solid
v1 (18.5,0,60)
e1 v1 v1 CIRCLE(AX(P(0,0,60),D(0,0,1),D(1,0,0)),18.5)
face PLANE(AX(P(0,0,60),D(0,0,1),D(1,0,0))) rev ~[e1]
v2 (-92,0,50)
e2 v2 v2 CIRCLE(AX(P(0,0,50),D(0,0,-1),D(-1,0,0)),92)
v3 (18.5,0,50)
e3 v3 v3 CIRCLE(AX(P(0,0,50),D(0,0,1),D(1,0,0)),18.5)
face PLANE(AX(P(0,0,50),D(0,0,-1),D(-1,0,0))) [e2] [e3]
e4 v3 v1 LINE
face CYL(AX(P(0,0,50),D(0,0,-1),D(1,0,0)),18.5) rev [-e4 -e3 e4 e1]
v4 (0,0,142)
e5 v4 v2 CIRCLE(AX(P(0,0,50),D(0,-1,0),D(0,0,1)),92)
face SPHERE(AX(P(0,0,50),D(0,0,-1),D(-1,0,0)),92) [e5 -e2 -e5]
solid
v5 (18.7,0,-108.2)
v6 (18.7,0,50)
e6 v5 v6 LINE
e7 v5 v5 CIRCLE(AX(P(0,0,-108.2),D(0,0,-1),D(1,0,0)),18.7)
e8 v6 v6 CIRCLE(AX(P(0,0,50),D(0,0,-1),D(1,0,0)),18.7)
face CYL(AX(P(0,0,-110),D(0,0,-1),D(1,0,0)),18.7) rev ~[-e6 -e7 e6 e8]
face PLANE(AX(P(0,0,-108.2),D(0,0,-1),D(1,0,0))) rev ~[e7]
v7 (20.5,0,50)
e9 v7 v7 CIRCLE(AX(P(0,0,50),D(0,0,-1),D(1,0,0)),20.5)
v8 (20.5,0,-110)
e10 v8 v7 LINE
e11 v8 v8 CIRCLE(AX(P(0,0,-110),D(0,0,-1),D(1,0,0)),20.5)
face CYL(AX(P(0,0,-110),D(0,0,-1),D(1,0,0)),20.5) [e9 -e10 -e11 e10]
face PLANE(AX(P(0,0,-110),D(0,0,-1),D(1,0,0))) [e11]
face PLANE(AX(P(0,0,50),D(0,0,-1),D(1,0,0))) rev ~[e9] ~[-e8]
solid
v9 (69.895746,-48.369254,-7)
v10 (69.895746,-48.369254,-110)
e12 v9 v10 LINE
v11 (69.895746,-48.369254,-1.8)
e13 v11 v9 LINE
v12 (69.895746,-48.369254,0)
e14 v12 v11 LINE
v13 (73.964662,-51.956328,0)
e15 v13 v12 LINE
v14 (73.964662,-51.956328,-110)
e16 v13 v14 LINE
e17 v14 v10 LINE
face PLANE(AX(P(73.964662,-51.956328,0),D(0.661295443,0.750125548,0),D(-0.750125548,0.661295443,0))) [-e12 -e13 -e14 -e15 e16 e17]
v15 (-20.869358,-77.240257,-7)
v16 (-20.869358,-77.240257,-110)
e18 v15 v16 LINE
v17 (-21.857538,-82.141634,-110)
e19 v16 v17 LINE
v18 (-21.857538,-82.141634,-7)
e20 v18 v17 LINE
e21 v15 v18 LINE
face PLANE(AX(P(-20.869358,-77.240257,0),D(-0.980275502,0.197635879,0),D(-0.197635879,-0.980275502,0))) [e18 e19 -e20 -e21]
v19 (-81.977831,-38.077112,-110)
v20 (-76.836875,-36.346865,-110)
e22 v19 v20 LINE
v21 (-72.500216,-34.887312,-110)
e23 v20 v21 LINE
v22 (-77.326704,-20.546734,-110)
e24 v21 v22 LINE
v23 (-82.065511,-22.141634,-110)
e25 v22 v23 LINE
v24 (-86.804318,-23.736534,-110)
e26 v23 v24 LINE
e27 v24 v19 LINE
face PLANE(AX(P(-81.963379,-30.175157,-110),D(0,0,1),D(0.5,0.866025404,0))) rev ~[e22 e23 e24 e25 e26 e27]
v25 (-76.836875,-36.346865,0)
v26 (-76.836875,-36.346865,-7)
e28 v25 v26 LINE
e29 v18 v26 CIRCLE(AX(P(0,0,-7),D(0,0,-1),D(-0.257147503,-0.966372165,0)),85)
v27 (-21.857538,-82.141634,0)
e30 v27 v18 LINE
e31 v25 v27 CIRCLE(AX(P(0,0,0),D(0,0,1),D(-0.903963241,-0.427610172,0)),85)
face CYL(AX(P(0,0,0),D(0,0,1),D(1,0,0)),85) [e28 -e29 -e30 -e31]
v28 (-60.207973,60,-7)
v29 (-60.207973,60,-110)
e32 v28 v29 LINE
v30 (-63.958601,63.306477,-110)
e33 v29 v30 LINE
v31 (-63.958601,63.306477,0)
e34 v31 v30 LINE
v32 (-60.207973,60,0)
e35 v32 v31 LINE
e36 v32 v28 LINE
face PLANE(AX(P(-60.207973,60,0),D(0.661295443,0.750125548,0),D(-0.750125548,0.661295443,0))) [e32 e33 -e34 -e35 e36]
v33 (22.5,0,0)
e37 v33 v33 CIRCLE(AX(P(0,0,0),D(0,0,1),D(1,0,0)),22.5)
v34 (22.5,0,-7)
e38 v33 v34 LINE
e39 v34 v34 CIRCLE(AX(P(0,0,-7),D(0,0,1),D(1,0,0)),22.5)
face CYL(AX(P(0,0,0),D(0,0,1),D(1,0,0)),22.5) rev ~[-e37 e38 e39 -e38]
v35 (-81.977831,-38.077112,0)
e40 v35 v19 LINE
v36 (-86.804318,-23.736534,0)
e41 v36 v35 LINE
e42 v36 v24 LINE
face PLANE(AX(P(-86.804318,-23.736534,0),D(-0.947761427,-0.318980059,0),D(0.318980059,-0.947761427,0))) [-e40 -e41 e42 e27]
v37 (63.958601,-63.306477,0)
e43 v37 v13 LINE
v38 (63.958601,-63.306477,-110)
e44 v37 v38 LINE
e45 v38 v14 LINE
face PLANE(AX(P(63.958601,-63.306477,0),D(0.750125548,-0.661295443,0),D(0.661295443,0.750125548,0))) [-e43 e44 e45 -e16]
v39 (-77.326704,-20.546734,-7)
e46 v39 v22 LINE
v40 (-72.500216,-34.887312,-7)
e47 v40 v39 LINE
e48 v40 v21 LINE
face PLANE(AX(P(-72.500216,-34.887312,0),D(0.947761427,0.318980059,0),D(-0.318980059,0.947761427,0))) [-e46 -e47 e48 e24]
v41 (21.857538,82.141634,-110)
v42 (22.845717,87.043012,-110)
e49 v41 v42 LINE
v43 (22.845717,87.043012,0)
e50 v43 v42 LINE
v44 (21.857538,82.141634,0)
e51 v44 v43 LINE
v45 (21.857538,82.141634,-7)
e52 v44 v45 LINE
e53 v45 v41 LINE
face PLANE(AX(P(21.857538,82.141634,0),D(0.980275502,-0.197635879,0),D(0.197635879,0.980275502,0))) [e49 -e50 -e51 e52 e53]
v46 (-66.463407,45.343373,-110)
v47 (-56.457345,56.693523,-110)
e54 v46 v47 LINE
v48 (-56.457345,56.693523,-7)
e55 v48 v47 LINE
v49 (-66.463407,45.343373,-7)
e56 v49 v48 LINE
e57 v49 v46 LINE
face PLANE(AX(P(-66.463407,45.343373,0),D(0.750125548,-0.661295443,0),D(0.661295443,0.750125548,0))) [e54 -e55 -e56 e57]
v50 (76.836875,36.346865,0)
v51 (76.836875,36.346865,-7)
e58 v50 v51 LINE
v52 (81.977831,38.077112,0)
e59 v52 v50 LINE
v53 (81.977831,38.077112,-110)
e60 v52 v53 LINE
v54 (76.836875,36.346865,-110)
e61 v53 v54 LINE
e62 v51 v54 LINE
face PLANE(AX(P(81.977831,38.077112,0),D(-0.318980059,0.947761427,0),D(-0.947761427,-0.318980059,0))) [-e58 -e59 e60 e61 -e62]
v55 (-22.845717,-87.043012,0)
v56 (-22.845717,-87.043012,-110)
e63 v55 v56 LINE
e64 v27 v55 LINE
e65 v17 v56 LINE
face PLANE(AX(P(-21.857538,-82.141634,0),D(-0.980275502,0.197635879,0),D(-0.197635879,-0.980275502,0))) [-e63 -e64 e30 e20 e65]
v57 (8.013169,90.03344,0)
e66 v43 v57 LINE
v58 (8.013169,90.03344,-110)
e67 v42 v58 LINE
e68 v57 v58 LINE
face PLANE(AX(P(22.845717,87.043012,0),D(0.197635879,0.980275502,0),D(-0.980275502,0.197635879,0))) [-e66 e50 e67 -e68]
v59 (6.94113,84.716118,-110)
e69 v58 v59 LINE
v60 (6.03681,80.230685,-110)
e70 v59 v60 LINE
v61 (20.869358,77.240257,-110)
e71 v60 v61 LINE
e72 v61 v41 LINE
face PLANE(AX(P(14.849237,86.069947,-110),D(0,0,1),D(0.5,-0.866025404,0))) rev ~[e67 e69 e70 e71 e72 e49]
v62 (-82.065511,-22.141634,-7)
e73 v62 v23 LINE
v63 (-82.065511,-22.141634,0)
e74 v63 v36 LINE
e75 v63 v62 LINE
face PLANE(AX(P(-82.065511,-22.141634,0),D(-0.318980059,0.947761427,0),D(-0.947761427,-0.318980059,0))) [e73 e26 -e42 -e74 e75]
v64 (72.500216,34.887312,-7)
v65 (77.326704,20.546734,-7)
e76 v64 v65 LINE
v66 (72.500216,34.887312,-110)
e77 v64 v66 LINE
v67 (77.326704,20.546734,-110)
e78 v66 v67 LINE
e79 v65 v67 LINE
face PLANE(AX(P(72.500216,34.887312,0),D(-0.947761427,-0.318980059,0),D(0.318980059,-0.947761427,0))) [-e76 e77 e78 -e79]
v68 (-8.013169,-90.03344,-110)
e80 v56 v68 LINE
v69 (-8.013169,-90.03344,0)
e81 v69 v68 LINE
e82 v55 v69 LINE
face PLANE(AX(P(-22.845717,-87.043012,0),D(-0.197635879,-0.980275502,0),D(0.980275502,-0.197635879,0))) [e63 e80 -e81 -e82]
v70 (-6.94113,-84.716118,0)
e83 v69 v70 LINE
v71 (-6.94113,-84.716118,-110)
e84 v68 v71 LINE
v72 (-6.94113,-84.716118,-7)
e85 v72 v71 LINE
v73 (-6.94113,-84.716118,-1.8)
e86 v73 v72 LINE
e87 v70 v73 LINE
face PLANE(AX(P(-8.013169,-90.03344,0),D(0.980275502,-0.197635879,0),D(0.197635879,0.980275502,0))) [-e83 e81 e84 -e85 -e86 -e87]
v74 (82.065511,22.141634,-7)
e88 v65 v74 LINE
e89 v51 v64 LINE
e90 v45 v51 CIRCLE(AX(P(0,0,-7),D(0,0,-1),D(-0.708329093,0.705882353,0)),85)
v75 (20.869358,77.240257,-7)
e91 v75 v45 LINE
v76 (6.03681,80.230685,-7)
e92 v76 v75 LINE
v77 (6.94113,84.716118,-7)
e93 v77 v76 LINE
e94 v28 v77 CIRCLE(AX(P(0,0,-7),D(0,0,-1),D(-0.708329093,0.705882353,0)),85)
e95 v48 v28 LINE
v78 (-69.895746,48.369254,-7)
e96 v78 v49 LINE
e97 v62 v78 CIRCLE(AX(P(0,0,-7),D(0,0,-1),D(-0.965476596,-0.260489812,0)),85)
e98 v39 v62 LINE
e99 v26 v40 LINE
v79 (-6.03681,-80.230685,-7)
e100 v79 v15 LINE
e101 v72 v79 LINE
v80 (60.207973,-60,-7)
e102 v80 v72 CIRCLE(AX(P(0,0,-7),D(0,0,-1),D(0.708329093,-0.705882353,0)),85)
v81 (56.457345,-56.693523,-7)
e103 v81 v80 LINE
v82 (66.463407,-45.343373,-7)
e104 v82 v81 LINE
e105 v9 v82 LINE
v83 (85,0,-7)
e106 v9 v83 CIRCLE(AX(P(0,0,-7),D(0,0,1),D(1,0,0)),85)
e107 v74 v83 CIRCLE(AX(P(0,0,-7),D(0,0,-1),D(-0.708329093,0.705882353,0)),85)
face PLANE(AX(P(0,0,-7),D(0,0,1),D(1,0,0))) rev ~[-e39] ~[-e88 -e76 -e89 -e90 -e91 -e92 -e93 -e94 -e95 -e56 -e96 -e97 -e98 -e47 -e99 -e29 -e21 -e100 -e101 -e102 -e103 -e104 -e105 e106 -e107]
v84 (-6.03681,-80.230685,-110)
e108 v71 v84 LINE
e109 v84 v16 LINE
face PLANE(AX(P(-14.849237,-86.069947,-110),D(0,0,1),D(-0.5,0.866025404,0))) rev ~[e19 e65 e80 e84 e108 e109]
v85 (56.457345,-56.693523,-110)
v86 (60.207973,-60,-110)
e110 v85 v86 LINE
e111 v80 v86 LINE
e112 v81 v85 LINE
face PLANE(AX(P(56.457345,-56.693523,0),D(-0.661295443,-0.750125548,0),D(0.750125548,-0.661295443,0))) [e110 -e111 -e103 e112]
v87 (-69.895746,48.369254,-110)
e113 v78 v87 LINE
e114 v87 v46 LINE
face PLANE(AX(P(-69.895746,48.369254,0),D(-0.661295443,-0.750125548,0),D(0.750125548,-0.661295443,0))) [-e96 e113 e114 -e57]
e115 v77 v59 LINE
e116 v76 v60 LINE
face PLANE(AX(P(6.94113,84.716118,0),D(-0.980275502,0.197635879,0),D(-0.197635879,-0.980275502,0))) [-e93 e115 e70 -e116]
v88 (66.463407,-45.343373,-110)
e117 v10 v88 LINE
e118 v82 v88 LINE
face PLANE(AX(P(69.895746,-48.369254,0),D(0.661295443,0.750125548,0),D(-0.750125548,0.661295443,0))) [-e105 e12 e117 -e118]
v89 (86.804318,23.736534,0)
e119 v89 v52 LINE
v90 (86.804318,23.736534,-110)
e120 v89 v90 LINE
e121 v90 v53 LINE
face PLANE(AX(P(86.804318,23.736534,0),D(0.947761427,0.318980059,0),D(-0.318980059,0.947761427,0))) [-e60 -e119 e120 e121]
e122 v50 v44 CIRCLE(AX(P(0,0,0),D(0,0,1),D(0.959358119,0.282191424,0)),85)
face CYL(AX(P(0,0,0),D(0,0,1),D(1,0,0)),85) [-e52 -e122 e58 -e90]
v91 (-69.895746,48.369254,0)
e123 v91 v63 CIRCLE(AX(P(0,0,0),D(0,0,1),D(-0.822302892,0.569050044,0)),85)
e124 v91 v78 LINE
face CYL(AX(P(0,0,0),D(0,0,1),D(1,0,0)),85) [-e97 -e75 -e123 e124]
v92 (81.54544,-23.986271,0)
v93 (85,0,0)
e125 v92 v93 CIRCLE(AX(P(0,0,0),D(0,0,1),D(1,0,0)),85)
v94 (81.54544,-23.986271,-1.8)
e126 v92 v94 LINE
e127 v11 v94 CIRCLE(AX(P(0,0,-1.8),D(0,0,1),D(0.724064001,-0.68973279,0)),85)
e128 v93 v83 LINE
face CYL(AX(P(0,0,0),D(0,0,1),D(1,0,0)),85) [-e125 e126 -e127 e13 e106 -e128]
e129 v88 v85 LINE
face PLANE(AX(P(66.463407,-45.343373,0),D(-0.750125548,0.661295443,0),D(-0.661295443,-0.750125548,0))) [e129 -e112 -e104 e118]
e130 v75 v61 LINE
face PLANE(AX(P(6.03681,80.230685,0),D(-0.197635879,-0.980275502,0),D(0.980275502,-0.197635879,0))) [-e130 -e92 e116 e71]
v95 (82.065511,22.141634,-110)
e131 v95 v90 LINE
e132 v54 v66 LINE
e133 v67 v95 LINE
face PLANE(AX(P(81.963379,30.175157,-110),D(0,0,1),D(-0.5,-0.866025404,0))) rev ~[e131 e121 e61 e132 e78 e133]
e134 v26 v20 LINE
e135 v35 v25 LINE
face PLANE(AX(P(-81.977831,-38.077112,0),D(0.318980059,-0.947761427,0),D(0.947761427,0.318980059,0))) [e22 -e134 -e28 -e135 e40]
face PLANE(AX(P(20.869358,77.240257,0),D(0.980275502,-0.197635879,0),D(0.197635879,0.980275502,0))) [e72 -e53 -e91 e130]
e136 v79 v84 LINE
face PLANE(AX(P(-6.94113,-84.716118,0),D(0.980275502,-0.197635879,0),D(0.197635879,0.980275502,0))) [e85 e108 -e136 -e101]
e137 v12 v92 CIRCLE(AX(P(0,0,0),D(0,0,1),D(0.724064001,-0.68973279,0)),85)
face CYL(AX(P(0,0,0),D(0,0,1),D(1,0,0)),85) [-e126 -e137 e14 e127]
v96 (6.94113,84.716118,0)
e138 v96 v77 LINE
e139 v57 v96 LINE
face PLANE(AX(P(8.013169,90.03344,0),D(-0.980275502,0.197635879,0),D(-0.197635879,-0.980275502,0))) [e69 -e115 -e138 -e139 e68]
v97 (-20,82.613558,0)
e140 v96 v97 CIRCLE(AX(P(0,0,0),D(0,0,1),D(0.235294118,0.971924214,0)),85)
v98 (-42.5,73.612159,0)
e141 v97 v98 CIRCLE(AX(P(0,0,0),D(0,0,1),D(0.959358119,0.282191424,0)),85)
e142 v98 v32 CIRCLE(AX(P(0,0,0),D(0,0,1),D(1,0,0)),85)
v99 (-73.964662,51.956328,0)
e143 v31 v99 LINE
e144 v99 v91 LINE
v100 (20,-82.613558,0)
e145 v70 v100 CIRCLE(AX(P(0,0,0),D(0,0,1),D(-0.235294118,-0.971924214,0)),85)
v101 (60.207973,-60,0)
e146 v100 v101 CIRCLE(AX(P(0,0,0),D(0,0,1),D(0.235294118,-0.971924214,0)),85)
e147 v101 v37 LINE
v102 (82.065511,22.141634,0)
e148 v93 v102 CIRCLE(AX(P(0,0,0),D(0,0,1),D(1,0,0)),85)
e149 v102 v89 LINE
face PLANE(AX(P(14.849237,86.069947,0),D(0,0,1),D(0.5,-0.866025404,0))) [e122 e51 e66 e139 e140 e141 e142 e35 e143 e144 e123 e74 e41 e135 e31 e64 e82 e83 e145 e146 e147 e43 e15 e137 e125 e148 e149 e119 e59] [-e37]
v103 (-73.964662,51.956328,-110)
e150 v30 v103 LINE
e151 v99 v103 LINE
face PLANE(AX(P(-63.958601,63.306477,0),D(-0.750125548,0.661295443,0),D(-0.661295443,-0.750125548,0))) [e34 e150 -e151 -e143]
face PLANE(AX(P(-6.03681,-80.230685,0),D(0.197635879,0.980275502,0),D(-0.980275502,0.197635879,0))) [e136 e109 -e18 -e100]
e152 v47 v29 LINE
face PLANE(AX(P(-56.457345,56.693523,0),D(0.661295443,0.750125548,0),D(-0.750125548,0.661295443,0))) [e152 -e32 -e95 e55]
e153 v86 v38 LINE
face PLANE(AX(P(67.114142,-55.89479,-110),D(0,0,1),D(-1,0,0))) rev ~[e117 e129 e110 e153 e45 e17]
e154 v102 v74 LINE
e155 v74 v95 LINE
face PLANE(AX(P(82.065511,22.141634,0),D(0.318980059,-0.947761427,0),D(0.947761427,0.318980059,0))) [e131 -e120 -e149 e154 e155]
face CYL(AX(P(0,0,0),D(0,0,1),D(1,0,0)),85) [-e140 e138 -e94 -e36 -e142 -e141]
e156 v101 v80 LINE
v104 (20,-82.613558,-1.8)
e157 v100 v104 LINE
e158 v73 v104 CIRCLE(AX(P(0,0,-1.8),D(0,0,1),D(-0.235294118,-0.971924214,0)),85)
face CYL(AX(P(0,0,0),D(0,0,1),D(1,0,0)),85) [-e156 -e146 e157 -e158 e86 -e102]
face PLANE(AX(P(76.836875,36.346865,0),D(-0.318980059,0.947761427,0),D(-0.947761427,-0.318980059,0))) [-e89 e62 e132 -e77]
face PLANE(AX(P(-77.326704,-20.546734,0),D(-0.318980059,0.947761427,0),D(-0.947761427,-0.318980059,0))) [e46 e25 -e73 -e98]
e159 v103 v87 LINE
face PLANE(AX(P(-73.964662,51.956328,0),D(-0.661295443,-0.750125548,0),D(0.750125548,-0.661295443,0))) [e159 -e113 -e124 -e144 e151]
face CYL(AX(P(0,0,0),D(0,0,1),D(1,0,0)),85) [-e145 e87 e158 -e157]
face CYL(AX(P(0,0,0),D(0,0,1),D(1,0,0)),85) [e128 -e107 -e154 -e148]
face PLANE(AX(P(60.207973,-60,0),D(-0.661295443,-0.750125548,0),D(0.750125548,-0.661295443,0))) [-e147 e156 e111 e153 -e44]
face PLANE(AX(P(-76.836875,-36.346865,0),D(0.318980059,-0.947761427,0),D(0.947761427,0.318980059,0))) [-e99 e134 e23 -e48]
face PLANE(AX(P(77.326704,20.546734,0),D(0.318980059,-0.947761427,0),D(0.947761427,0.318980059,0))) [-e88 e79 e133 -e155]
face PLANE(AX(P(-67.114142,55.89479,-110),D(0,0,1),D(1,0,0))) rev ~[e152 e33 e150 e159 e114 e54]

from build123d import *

# Parameters (mm, degrees)
F1_R      = 85
F2_DEPTH  = 7
F3_DEPTH  = 1.8
F5_DEPTH  = 110
F7_COUNT  = 6
F9_R      = 22.5
F10_DEPTH = 25
F11_R     = 20.5
F12_DEPTH = 160
F16_R     = 18.5
F17_DEPTH = 10
F18_T     = -1.8


with BuildPart() as f2:
    # F1 (on Top) → F2 (new body)
    with BuildSketch(Plane.XY):
        Circle(F1_R)
    extrude(amount=-F2_DEPTH)



with BuildPart() as f3:
    # F0 (on Top) → F3 (new body)
    with BuildSketch(Plane.XY):
        with BuildLine():
            Line((-20, 61.8465843843), (-20, 82.6135582093))
            ThreePointArc((-20, 82.6135582093), (-85, 0), (-20, -82.6135582093))
            Line((-20, -82.6135582093), (-20, -61.8465843843))
            ThreePointArc((-20, -61.8465843843), (-65, 0), (-20, 61.8465843843))
        make_face()
        with BuildLine():
            Line((20, 61.8465843843), (20, 82.6135582093))
            ThreePointArc((20, 82.6135582093), (0, 85), (-20, 82.6135582093))
            Line((-20, 82.6135582093), (-20, 61.8465843843))
            ThreePointArc((-20, 61.8465843843), (0, 65), (20, 61.8465843843))
        make_face()
        with BuildLine():
            ThreePointArc((20, -82.6135582093), (66.8019460794, -52.5594901041), (85, 0))
            ThreePointArc((85, 0), (66.8019460794, 52.5594901041), (20, 82.6135582093))
            Line((20, 82.6135582093), (20, 61.8465843843))
            ThreePointArc((20, 61.8465843843), (52.5594901041, 38.2426463519), (65, 0))
            ThreePointArc((65, 0), (52.5594901041, -38.2426463519), (20, -61.8465843843))
            Line((20, -61.8465843843), (20, -82.6135582093))
        make_face()
        with BuildLine():
            ThreePointArc((-20, -82.6135582093), (0, -85), (20, -82.6135582093))
            Line((20, -82.6135582093), (20, -61.8465843843))
            ThreePointArc((20, -61.8465843843), (0, -65), (-20, -61.8465843843))
            Line((-20, -61.8465843843), (-20, -82.6135582093))
        make_face()
        with BuildLine():
            ThreePointArc((65, 0), (52.5594901041, 38.2426463519), (20, 61.8465843843))
            Line((20, 61.8465843843), (20, -61.8465843843))
            ThreePointArc((20, -61.8465843843), (52.5594901041, -38.2426463519), (65, 0))
        make_face()
        with BuildLine():
            Line((-20, -61.8465843843), (-20, 61.8465843843))
            ThreePointArc((-20, 61.8465843843), (-65, 0), (-20, -61.8465843843))
        make_face()
        with BuildLine():
            Line((20, -61.8465843843), (20, 61.8465843843))
            ThreePointArc((20, 61.8465843843), (0, 65), (-20, 61.8465843843))
            Line((-20, 61.8465843843), (-20, -61.8465843843))
            ThreePointArc((-20, -61.8465843843), (0, -65), (20, -61.8465843843))
        make_face()
    extrude(amount=-F3_DEPTH)


with BuildPart() as f2_1:
    add(f2.part)

    add(f3.part)  # F5 merges F3
    # F4 (on face) → F5 (join)
    with BuildSketch(Plane.XY):
        with BuildLine():
            ThreePointArc((-69.8957458622, 48.369253771), (-65.3112775331, 54.4007079641), (-60.207972894, 60))
            Line((-60.207972894, 60), (-63.9586006318, 63.3064772148))
            Line((-63.9586006318, 63.3064772148), (-73.9646619792, 51.9563275544))
            Line((-73.9646619792, 51.9563275544), (-69.8957458622, 48.369253771))
        make_face()
        with BuildLine():
            Line((-56.4573451561, 56.6935227852), (-60.207972894, 60))
            ThreePointArc((-60.207972894, 60), (-65.3112775331, 54.4007079641), (-69.8957458622, 48.369253771))
            Line((-69.8957458622, 48.369253771), (-66.4634065035, 45.3433731249))
            Line((-66.4634065035, 45.3433731249), (-56.4573451561, 56.6935227852))
        make_face()
    extrude(amount=-F5_DEPTH)

    # F7: F2 ×6 about axis
    f7_axis = Axis((0, 0, 31.9716259837), (0, 0, 1))


with BuildPart() as f2_2:
    add(f2_1.part)
    for i in range(1, F7_COUNT):
        add(f2_1.part.rotate(f7_axis, i * 360 / F7_COUNT))

    # F9 (on face) → F10 (cut)
    with BuildSketch(Plane.XY):
        Circle(F9_R)
    extrude(amount=-F10_DEPTH, mode=Mode.SUBTRACT)


with BuildPart() as f12:
    # F11 (on face) → F12 (new body)
    with BuildSketch(Plane(origin=(0, 0, -110), x_dir=(1, 0, 0), z_dir=(0, 0, -1))):
        Circle(F11_R)
    extrude(amount=-F12_DEPTH)

    # F18
    f18_openings = [f12.faces().sort_by_distance(p)[0] for p in [
        (0, 0, 50),
    ]]
    offset(amount=F18_T, openings=f18_openings)


with BuildPart() as f15:
    # F14 (on Front) → F15 (revolve)
    with BuildSketch(Plane.XZ):
        with BuildLine():
            Line((-92, 50), (0, 50))
            Line((0, 50), (0, 142))
            ThreePointArc((0, 142), (-65.0538238692, 115.0538238692), (-92, 50))
        make_face()
    revolve(axis=Axis((0, 0, 96), (0, 0, -1)))

    # F16 (on face) → F17 (cut)
    with BuildSketch(Plane.XY.offset(50)):
        Circle(F16_R)
    extrude(amount=F17_DEPTH, mode=Mode.SUBTRACT)


solid = Compound([f2_2.part, f12.part, f15.part])
